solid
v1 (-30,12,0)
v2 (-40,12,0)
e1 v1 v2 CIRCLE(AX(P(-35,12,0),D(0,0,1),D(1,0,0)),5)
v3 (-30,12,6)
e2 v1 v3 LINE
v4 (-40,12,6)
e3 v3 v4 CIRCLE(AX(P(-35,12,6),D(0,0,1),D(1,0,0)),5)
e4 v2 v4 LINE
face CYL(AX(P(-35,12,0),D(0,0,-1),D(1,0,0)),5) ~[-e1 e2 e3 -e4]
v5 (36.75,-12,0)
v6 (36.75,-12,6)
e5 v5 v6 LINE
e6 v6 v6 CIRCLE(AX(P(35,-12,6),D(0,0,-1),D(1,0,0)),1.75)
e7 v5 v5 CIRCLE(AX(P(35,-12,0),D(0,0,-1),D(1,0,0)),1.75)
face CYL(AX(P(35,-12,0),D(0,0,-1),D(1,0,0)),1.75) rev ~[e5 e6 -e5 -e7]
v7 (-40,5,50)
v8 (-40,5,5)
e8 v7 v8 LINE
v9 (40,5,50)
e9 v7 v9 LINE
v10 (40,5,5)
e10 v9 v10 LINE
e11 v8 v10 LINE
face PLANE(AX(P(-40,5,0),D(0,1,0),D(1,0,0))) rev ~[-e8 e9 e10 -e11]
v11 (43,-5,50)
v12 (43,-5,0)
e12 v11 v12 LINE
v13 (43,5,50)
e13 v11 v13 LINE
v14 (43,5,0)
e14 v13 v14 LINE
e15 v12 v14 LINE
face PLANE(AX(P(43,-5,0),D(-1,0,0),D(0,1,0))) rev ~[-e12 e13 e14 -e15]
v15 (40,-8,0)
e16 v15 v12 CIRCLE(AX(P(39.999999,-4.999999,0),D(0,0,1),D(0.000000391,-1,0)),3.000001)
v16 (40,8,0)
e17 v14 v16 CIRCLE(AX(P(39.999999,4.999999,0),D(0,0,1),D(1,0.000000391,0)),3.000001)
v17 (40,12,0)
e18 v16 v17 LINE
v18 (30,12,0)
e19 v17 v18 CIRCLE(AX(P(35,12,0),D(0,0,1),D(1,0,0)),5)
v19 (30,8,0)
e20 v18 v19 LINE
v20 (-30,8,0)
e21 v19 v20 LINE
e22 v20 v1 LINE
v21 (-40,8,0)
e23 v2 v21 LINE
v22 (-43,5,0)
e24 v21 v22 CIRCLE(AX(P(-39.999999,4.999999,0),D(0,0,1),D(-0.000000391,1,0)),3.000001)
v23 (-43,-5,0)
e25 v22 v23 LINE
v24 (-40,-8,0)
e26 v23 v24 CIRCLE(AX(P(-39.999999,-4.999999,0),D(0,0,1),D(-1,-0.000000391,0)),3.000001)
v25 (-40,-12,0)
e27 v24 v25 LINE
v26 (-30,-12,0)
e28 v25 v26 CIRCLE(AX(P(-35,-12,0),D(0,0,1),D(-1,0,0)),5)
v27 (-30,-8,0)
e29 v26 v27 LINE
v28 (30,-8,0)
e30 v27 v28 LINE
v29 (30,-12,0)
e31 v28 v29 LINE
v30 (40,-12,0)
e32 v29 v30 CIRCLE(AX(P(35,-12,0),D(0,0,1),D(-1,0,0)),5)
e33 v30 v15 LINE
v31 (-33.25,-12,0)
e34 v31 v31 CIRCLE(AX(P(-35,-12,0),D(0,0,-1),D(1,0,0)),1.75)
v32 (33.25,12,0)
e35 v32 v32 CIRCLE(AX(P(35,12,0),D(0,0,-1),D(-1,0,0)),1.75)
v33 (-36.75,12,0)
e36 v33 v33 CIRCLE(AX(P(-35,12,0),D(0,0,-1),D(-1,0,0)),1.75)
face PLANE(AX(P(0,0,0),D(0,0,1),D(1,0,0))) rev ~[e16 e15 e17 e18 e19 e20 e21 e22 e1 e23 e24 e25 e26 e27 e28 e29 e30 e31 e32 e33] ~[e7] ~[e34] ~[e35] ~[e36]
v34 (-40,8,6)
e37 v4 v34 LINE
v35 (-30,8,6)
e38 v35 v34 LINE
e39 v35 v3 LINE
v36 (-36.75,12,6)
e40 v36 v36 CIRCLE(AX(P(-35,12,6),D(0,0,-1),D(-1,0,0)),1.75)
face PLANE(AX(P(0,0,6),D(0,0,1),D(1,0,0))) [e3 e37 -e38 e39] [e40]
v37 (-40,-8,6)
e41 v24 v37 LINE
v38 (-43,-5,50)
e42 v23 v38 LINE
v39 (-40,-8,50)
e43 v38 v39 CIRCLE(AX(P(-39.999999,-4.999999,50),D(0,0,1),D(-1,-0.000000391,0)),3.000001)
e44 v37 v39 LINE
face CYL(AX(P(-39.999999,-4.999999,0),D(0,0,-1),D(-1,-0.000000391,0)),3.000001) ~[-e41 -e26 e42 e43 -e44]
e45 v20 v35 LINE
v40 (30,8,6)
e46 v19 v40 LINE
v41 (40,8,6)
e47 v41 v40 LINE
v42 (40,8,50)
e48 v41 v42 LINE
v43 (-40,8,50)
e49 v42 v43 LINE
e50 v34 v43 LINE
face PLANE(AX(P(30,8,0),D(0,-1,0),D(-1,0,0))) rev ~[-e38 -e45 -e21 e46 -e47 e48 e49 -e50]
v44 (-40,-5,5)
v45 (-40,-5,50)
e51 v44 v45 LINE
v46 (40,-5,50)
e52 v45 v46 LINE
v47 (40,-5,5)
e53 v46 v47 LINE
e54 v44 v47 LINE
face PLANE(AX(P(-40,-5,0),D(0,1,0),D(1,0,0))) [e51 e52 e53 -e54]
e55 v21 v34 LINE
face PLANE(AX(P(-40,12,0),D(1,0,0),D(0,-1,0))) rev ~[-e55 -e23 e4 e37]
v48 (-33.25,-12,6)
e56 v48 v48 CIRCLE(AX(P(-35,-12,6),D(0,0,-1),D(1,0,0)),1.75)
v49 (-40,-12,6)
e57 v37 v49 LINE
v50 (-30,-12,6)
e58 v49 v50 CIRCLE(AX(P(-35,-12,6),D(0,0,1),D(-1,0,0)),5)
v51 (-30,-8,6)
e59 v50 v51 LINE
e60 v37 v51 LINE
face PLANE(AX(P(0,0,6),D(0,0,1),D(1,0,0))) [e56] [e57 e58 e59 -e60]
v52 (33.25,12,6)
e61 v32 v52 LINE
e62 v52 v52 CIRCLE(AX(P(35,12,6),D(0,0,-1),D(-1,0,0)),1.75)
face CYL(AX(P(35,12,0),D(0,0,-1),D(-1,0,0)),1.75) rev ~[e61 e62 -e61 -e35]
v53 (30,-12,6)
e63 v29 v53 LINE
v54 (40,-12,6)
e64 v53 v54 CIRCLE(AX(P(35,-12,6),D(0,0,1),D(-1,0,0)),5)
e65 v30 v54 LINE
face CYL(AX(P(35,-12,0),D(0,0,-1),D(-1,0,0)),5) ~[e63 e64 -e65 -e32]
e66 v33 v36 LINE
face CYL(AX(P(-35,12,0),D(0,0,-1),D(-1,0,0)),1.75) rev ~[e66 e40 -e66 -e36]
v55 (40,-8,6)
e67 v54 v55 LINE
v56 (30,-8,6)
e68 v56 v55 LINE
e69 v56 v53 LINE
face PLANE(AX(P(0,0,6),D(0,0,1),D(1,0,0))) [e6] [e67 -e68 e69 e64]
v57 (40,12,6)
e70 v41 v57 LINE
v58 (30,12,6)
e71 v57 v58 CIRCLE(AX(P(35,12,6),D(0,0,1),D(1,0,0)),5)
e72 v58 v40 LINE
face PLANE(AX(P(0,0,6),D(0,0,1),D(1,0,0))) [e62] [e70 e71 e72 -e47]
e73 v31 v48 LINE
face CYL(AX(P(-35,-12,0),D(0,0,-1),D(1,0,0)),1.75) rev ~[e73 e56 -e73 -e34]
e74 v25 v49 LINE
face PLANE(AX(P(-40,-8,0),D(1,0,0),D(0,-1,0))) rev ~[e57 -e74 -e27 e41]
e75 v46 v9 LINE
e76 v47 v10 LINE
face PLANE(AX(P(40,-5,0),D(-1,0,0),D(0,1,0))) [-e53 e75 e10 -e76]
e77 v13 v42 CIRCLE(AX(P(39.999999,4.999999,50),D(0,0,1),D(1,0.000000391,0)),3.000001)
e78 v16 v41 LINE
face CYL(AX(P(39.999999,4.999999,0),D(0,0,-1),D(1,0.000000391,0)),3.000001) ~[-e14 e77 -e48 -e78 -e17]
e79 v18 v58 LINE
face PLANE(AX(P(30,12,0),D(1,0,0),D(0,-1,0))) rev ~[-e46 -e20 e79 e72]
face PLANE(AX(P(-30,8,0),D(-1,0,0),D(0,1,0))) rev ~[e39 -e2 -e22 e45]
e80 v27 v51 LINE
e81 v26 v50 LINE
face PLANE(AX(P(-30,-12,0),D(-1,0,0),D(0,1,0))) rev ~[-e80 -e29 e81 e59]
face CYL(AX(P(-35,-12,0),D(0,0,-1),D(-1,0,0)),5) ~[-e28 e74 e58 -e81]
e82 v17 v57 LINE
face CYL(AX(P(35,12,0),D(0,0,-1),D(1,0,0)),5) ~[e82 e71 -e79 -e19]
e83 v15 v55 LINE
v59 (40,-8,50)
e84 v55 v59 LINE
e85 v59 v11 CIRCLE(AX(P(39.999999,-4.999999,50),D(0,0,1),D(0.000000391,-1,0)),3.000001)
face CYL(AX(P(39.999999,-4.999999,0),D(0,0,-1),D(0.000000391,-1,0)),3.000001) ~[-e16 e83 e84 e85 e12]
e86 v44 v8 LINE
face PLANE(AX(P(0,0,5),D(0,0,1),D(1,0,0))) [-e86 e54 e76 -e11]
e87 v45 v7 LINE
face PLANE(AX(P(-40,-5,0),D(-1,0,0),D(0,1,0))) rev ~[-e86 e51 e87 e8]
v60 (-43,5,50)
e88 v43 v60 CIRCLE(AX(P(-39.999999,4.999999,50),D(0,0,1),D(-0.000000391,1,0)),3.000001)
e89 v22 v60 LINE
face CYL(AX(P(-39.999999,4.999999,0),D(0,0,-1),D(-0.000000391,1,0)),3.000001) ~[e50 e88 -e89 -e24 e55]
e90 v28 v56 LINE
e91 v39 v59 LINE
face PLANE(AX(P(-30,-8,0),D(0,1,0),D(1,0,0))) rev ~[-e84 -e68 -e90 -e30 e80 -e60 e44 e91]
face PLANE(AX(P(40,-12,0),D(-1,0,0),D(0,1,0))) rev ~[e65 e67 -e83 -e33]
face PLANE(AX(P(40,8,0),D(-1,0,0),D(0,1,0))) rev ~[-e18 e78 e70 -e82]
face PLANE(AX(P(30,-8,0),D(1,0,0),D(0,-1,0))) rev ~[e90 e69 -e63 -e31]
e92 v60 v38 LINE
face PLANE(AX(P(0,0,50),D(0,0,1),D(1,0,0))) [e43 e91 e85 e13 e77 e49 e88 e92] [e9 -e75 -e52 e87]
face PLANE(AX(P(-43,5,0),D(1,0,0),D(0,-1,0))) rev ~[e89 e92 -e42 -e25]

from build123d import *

# Parameters (mm, degrees)
F0_W     = 80
F0_H     = 10
F1_DEPTH = 50
F2_W     = 80
F2_H     = 10
F3_DEPTH = 5
F4_DEPTH = 6


with BuildPart() as f1:
    # F0 (on Top) → F1 (new body)
    with BuildSketch(Plane.XY):
        with BuildLine():
            ThreePointArc((43, 5), (42.12132, 7.12132), (40, 8))
            Line((40, 8), (30, 8))
            Line((30, 8), (-30, 8))
            Line((-30, 8), (-40, 8))
            ThreePointArc((-40, 8), (-42.12132, 7.12132), (-43, 5))
            Line((-43, 5), (-43, -5))
            ThreePointArc((-43, -5), (-42.12132, -7.12132), (-40, -8))
            Line((-40, -8), (-30, -8))
            Line((-30, -8), (30, -8))
            Line((30, -8), (40, -8))
            ThreePointArc((40, -8), (42.12132, -7.12132), (43, -5))
            Line((43, -5), (43, 5))
        make_face()
        Rectangle(F0_W, F0_H, mode=Mode.SUBTRACT)
    extrude(amount=F1_DEPTH)

    # F2 (on Top) → F3 (join)
    with BuildSketch(Plane.XY):
        Rectangle(F2_W, F2_H)
    extrude(amount=F3_DEPTH)

    # F0 (on Top) → F4 (join)
    with BuildSketch(Plane.XY):
        with BuildLine():
            ThreePointArc((43, 5), (42.12132, 7.12132), (40, 8))
            Line((40, 8), (30, 8))
            Line((30, 8), (-30, 8))
            Line((-30, 8), (-40, 8))
            ThreePointArc((-40, 8), (-42.12132, 7.12132), (-43, 5))
            Line((-43, 5), (-43, -5))
            ThreePointArc((-43, -5), (-42.12132, -7.12132), (-40, -8))
            Line((-40, -8), (-30, -8))
            Line((-30, -8), (30, -8))
            Line((30, -8), (40, -8))
            ThreePointArc((40, -8), (42.12132, -7.12132), (43, -5))
            Line((43, -5), (43, 5))
        make_face()
        Rectangle(F0_W, F0_H, mode=Mode.SUBTRACT)
        with BuildLine():
            Line((30, 8), (40, 8))
            Line((40, 8), (40, 12))
            Line((40, 12), (36.75, 12))
            ThreePointArc((36.75, 12), (35, 10.25), (33.25, 12))
            Line((33.25, 12), (30, 12))
            Line((30, 12), (30, 8))
        make_face()
        with BuildLine():
            Line((36.75, 12), (40, 12))
            ThreePointArc((40, 12), (35, 17), (30, 12))
            Line((30, 12), (33.25, 12))
            ThreePointArc((33.25, 12), (35, 13.75), (36.75, 12))
        make_face()
        with BuildLine():
            Line((-40, 8), (-30, 8))
            Line((-30, 8), (-30, 12))
            Line((-30, 12), (-33.25, 12))
            ThreePointArc((-33.25, 12), (-35, 10.25), (-36.75, 12))
            Line((-36.75, 12), (-40, 12))
            Line((-40, 12), (-40, 8))
        make_face()
        with BuildLine():
            Line((-33.25, 12), (-30, 12))
            ThreePointArc((-30, 12), (-35, 17), (-40, 12))
            Line((-40, 12), (-36.75, 12))
            ThreePointArc((-36.75, 12), (-35, 13.75), (-33.25, 12))
        make_face()
        with BuildLine():
            Line((40, -12), (40, -8))
            Line((40, -8), (30, -8))
            Line((30, -8), (30, -12))
            Line((30, -12), (33.25, -12))
            ThreePointArc((33.25, -12), (35, -10.25), (36.75, -12))
            Line((36.75, -12), (40, -12))
        make_face()
        with BuildLine():
            ThreePointArc((30, -12), (35, -17), (40, -12))
            Line((40, -12), (36.75, -12))
            ThreePointArc((36.75, -12), (35, -13.75), (33.25, -12))
            Line((33.25, -12), (30, -12))
        make_face()
        with BuildLine():
            Line((-30, -12), (-30, -8))
            Line((-30, -8), (-40, -8))
            Line((-40, -8), (-40, -12))
            Line((-40, -12), (-36.75, -12))
            ThreePointArc((-36.75, -12), (-35, -10.25), (-33.25, -12))
            Line((-33.25, -12), (-30, -12))
        make_face()
        with BuildLine():
            ThreePointArc((-40, -12), (-35, -17), (-30, -12))
            Line((-30, -12), (-33.25, -12))
            ThreePointArc((-33.25, -12), (-35, -13.75), (-36.75, -12))
            Line((-36.75, -12), (-40, -12))
        make_face()
    extrude(amount=F4_DEPTH)


solid = f1.part
